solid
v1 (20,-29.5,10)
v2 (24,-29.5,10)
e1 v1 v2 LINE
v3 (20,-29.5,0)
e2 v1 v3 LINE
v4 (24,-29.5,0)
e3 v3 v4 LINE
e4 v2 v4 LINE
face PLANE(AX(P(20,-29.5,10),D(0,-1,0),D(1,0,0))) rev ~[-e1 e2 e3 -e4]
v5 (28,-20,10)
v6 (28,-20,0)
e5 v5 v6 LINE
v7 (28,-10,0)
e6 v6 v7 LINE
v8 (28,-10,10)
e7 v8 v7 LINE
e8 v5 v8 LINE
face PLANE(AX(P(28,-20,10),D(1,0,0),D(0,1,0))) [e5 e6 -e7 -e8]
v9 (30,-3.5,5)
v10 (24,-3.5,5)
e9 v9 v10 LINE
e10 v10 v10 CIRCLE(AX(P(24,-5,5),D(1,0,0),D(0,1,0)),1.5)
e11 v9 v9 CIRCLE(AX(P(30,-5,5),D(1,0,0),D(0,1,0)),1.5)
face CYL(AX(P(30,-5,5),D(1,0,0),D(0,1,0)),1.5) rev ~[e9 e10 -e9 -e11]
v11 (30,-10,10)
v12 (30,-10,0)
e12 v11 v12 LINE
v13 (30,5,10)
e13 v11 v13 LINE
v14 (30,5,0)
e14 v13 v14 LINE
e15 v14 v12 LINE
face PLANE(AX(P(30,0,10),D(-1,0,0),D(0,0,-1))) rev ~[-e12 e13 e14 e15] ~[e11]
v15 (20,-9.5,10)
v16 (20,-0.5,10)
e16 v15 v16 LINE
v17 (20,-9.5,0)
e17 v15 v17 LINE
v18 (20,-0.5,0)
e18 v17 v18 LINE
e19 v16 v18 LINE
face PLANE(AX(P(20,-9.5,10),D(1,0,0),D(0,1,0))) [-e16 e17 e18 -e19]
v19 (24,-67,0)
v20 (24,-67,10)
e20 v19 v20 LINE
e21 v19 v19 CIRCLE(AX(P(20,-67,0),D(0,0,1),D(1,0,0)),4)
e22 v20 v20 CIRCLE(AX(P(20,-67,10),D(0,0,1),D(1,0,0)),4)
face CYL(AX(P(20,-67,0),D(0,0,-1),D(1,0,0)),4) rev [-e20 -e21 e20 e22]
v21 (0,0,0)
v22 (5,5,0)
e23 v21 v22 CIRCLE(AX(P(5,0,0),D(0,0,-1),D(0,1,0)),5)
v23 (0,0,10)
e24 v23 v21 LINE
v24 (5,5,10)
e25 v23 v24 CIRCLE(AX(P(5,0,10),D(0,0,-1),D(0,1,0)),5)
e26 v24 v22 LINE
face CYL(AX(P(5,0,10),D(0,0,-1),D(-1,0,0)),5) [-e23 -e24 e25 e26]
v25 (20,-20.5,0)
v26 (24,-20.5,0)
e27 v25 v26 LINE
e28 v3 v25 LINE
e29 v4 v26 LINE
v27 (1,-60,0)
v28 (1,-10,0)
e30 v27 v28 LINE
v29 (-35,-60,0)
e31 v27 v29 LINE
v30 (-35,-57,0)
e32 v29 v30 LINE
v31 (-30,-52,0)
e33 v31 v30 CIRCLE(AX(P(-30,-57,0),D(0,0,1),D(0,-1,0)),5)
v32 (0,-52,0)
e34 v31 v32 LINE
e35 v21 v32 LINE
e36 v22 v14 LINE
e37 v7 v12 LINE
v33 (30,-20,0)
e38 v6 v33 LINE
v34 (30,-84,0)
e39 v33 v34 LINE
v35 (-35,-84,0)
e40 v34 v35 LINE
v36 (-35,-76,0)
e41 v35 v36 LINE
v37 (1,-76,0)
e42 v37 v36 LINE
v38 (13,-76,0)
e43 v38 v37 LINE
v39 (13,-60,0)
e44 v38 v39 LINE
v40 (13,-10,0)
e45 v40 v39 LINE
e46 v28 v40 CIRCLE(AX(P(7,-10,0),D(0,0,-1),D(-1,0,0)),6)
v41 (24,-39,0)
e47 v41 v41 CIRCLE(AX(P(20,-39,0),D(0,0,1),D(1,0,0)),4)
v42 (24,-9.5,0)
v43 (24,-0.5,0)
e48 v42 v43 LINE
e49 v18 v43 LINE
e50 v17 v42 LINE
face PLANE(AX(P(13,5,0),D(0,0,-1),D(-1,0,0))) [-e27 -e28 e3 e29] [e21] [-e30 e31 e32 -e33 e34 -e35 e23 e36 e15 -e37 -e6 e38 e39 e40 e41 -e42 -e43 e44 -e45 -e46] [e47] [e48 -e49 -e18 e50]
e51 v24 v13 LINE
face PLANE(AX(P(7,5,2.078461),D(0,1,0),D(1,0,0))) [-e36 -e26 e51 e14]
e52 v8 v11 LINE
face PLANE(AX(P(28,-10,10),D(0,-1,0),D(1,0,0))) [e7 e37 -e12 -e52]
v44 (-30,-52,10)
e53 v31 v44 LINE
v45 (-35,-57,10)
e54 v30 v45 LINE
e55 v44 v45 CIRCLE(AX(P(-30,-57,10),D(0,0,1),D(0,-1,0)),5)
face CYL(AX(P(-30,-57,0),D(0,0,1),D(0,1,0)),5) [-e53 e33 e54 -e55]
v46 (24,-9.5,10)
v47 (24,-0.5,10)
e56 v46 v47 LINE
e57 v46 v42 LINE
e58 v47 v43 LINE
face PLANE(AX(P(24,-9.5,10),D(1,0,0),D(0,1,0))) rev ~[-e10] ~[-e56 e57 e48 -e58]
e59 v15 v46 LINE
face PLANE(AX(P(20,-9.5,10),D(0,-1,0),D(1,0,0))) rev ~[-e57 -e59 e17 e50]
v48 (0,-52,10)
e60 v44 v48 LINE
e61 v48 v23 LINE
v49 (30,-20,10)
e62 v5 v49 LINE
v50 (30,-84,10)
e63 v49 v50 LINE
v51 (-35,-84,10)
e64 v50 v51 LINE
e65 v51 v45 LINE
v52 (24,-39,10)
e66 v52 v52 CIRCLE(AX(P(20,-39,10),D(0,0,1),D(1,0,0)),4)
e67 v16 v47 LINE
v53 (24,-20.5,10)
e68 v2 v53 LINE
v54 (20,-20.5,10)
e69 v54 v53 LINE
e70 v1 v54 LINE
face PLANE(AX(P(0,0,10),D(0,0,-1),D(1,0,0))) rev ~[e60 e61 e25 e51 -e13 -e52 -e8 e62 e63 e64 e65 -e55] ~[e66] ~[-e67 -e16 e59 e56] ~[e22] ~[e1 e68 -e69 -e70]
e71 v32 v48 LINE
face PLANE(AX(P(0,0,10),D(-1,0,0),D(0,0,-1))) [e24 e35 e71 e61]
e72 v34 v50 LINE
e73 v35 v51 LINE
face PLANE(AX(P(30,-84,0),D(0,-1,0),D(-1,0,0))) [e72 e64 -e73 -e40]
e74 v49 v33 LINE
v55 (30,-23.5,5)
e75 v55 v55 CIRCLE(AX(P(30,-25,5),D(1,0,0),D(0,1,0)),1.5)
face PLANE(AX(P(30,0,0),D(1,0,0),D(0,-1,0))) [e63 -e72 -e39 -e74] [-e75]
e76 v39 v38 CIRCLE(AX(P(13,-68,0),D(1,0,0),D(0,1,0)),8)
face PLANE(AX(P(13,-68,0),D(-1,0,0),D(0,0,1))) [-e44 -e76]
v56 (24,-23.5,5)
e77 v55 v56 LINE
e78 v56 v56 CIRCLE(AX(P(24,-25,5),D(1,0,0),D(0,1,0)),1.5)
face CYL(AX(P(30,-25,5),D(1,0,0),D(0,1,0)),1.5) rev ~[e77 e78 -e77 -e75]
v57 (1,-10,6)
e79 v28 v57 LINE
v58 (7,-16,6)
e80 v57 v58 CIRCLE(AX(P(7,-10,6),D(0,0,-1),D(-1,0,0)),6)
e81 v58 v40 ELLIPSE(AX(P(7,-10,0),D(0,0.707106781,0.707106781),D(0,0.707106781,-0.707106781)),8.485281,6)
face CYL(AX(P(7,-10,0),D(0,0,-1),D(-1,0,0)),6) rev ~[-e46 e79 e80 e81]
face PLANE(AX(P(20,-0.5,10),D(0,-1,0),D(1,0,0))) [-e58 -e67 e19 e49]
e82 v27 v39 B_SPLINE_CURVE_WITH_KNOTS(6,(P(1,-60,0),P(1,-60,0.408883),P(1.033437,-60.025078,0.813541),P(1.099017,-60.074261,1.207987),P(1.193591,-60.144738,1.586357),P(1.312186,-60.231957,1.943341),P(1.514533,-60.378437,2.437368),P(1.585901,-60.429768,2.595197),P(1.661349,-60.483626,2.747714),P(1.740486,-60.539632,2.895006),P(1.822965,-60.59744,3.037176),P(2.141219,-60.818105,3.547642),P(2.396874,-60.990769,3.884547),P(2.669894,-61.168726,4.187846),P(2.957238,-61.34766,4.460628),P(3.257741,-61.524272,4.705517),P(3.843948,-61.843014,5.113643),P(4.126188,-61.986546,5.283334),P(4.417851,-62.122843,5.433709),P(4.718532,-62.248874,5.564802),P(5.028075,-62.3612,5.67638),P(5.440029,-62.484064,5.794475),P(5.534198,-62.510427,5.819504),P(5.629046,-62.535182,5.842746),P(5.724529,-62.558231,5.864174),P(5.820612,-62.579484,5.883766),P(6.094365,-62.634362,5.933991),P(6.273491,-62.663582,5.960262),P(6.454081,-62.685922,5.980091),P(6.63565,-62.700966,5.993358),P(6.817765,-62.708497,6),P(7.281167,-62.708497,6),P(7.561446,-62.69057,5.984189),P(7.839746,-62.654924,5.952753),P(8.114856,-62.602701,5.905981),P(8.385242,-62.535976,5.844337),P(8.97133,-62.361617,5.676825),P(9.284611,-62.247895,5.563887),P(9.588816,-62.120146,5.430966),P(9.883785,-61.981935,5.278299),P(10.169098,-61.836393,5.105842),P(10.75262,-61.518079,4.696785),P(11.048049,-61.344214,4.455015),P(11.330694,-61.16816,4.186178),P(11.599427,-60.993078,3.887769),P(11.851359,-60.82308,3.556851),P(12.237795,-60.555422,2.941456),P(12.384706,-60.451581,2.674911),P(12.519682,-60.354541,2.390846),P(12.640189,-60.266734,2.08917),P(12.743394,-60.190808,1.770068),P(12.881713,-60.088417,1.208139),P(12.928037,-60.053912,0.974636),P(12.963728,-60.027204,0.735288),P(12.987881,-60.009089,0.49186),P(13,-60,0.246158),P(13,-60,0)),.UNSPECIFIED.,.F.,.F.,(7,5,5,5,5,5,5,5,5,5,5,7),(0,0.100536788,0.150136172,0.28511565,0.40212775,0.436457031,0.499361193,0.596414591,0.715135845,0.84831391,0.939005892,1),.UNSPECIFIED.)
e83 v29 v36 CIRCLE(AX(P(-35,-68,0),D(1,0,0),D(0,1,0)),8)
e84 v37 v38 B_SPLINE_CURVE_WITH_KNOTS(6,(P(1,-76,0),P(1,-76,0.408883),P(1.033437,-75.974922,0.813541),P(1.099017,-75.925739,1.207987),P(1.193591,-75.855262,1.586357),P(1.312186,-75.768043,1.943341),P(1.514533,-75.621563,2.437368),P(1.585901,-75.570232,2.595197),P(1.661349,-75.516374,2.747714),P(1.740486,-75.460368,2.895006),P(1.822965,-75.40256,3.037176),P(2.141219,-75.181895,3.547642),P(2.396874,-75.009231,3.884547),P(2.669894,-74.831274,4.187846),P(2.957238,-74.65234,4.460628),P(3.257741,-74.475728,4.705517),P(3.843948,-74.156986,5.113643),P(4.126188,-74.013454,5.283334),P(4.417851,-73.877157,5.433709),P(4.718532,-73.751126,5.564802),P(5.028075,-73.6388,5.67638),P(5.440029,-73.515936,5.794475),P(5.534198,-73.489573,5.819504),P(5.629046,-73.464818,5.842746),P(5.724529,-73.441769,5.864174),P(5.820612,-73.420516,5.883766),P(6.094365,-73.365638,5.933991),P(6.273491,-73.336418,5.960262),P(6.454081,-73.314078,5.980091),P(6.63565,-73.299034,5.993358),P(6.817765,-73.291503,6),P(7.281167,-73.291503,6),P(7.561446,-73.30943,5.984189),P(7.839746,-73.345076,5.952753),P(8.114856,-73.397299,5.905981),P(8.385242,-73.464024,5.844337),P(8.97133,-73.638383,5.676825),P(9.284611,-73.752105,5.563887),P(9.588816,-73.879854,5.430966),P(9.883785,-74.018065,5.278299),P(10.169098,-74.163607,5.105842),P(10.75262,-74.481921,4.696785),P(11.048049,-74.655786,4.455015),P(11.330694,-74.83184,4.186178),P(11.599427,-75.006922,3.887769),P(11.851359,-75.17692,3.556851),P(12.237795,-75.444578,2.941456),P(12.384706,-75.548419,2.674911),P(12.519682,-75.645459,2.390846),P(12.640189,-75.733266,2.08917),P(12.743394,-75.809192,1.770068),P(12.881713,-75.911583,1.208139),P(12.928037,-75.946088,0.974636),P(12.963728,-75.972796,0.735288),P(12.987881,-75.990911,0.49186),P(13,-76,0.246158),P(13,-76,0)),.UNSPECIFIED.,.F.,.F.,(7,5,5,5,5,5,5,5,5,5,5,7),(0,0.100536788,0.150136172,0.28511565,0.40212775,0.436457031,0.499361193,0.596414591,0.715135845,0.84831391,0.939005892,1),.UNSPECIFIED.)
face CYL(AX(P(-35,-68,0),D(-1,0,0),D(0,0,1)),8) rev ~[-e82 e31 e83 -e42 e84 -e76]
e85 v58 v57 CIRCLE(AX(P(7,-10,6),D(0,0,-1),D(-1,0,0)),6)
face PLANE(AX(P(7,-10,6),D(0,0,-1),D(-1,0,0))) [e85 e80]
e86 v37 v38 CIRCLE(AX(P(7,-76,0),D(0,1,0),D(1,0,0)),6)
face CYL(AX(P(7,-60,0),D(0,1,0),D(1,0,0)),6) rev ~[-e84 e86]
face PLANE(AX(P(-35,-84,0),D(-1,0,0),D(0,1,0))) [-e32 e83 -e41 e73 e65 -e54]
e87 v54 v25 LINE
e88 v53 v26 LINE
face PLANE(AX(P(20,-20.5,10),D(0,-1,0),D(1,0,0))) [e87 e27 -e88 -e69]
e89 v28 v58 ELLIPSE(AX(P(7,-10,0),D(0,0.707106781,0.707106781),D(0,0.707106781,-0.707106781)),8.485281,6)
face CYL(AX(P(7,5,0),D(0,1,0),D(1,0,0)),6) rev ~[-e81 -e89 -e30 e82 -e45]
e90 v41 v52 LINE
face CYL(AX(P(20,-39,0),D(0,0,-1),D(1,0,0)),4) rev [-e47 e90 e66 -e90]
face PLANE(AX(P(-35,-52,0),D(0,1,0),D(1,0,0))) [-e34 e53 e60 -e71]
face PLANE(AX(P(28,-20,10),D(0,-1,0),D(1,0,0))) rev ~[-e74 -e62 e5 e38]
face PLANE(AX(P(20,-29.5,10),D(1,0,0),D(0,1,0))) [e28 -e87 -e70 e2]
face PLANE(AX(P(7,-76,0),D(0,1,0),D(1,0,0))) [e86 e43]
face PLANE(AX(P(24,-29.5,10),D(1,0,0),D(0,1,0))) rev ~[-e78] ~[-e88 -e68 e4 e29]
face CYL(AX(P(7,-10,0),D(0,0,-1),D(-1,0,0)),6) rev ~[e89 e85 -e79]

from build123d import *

# Parameters (mm, degrees)
SKETCH1_R           = 4
BOSS_EXTRUDE1_DEPTH = 10
SKETCH2_W           = 2
SKETCH2_H           = 10
CUT_EXTRUDE1_DEPTH  = 10
SKETCH3_R           = 1.5
CUT_EXTRUDE2_DEPTH  = 10
SKETCH4_W           = 4
SKETCH4_H           = 9
CUT_EXTRUDE3_DEPTH  = 10
SKETCH5_W           = 30
SKETCH5_H           = 10
BOSS_EXTRUDE2_DEPTH = 5
SKETCH6_R           = 8
CUT_EXTRUDE4_DEPTH  = 48
SKETCH7_R           = 6
CUT_EXTRUDE5_DEPTH  = 65
SKETCH8_R           = 6
CUT_EXTRUDE6_DEPTH  = 16
BOSS_EXTRUDE3_DEPTH = 15
SKETCH10_R          = 6
CUT_EXTRUDE7_DEPTH  = 6
FILLET1_R           = 5
FILLET2_R           = 5


with BuildPart() as part:
    # Sketch1 → Boss-Extrude1 (new body)
    with BuildSketch(Plane.XY):
        Polygon((0, 0), (30, 0), (30, -84), (-35, -84), (-35, -52), (0, -52), align=None)
        with Locations((20, -39)):
            Circle(SKETCH1_R, mode=Mode.SUBTRACT)
        with Locations((20, -67)):
            Circle(SKETCH1_R, mode=Mode.SUBTRACT)
    extrude(amount=BOSS_EXTRUDE1_DEPTH)

    # Sketch2 → Cut-Extrude1 (cut)
    with BuildSketch(Plane.XY.offset(10)):
        with Locations((29, -15)):
            Rectangle(SKETCH2_W, SKETCH2_H)
    extrude(amount=-CUT_EXTRUDE1_DEPTH, mode=Mode.SUBTRACT)

    # Sketch3 → Cut-Extrude2 (cut)
    with BuildSketch(Plane(origin=(30, 0, 0), x_dir=(0, 0, -1), z_dir=(1, 0, 0))):
        with Locations(Location((-5, -5, 0), (0, 0, 90))):
            Circle(SKETCH3_R)
        with Locations(Location((-5, -25, 0), (0, 0, 90))):
            Circle(SKETCH3_R)
    extrude(amount=-CUT_EXTRUDE2_DEPTH, mode=Mode.SUBTRACT)

    # Sketch4 → Cut-Extrude3 (cut)
    with BuildSketch(Plane.XY.offset(10)):
        with Locations((22, -5)):
            Rectangle(SKETCH4_W, SKETCH4_H)
        with Locations((22, -25)):
            Rectangle(SKETCH4_W, SKETCH4_H)
    extrude(amount=-CUT_EXTRUDE3_DEPTH, mode=Mode.SUBTRACT)

    # Sketch5 → Boss-Extrude2 (add)
    with BuildSketch(Plane(origin=(0, 0, 0), x_dir=(1, 0, 0), z_dir=(0, 1, 0))):
        with Locations((15, -5)):
            Rectangle(SKETCH5_W, SKETCH5_H)
    extrude(amount=BOSS_EXTRUDE2_DEPTH)

    # Sketch6 → Cut-Extrude4 (cut)
    with BuildSketch(Plane.ZY.offset(35)):
        with Locations((0, -68)):
            Circle(SKETCH6_R)
    extrude(amount=-CUT_EXTRUDE4_DEPTH, mode=Mode.SUBTRACT)

    # Sketch7 → Cut-Extrude5 (cut)
    with BuildSketch(Plane(origin=(0, 5, 0), x_dir=(1, 0, 0), z_dir=(0, 1, 0))):
        with Locations((7, 0)):
            Circle(SKETCH7_R)
    extrude(amount=-CUT_EXTRUDE5_DEPTH, mode=Mode.SUBTRACT)

    # Sketch8 → Cut-Extrude6 (cut)
    with BuildSketch(Plane(origin=(0, -60, 0), x_dir=(1, 0, 0), z_dir=(0, 1, 0))):
        with Locations((7, 0)):
            Circle(SKETCH8_R)
    extrude(amount=-CUT_EXTRUDE6_DEPTH, mode=Mode.SUBTRACT)

    # Sketch9 → Boss-Extrude3 (add)
    with BuildSketch(Plane(origin=(0, 5, 0), x_dir=(1, 0, 0), z_dir=(0, 1, 0))):
        with BuildLine():
            Line((13, 0), (1, 0))
            ThreePointArc((1, 0), (7, -6), (13, 0))
        make_face()
    extrude(amount=-BOSS_EXTRUDE3_DEPTH)

    # Sketch10 → Cut-Extrude7 (cut)
    with BuildSketch(Plane(origin=(0, 0, 0), x_dir=(-1, 0, 0), z_dir=(0, 0, -1))):
        with Locations((-7, -10)):
            Circle(SKETCH10_R)
    extrude(amount=-CUT_EXTRUDE7_DEPTH, mode=Mode.SUBTRACT)

    # Fillet1
    fillet1_edges = [part.edges().sort_by_distance(p)[0] for p in [
        (-35, -52, 5),
    ]]
    fillet(fillet1_edges, radius=FILLET1_R)

    # Fillet2
    fillet2_edges = [part.edges().sort_by_distance(p)[0] for p in [
        (0, 5, 5),
    ]]
    fillet(fillet2_edges, radius=FILLET2_R)


solid = part.part
